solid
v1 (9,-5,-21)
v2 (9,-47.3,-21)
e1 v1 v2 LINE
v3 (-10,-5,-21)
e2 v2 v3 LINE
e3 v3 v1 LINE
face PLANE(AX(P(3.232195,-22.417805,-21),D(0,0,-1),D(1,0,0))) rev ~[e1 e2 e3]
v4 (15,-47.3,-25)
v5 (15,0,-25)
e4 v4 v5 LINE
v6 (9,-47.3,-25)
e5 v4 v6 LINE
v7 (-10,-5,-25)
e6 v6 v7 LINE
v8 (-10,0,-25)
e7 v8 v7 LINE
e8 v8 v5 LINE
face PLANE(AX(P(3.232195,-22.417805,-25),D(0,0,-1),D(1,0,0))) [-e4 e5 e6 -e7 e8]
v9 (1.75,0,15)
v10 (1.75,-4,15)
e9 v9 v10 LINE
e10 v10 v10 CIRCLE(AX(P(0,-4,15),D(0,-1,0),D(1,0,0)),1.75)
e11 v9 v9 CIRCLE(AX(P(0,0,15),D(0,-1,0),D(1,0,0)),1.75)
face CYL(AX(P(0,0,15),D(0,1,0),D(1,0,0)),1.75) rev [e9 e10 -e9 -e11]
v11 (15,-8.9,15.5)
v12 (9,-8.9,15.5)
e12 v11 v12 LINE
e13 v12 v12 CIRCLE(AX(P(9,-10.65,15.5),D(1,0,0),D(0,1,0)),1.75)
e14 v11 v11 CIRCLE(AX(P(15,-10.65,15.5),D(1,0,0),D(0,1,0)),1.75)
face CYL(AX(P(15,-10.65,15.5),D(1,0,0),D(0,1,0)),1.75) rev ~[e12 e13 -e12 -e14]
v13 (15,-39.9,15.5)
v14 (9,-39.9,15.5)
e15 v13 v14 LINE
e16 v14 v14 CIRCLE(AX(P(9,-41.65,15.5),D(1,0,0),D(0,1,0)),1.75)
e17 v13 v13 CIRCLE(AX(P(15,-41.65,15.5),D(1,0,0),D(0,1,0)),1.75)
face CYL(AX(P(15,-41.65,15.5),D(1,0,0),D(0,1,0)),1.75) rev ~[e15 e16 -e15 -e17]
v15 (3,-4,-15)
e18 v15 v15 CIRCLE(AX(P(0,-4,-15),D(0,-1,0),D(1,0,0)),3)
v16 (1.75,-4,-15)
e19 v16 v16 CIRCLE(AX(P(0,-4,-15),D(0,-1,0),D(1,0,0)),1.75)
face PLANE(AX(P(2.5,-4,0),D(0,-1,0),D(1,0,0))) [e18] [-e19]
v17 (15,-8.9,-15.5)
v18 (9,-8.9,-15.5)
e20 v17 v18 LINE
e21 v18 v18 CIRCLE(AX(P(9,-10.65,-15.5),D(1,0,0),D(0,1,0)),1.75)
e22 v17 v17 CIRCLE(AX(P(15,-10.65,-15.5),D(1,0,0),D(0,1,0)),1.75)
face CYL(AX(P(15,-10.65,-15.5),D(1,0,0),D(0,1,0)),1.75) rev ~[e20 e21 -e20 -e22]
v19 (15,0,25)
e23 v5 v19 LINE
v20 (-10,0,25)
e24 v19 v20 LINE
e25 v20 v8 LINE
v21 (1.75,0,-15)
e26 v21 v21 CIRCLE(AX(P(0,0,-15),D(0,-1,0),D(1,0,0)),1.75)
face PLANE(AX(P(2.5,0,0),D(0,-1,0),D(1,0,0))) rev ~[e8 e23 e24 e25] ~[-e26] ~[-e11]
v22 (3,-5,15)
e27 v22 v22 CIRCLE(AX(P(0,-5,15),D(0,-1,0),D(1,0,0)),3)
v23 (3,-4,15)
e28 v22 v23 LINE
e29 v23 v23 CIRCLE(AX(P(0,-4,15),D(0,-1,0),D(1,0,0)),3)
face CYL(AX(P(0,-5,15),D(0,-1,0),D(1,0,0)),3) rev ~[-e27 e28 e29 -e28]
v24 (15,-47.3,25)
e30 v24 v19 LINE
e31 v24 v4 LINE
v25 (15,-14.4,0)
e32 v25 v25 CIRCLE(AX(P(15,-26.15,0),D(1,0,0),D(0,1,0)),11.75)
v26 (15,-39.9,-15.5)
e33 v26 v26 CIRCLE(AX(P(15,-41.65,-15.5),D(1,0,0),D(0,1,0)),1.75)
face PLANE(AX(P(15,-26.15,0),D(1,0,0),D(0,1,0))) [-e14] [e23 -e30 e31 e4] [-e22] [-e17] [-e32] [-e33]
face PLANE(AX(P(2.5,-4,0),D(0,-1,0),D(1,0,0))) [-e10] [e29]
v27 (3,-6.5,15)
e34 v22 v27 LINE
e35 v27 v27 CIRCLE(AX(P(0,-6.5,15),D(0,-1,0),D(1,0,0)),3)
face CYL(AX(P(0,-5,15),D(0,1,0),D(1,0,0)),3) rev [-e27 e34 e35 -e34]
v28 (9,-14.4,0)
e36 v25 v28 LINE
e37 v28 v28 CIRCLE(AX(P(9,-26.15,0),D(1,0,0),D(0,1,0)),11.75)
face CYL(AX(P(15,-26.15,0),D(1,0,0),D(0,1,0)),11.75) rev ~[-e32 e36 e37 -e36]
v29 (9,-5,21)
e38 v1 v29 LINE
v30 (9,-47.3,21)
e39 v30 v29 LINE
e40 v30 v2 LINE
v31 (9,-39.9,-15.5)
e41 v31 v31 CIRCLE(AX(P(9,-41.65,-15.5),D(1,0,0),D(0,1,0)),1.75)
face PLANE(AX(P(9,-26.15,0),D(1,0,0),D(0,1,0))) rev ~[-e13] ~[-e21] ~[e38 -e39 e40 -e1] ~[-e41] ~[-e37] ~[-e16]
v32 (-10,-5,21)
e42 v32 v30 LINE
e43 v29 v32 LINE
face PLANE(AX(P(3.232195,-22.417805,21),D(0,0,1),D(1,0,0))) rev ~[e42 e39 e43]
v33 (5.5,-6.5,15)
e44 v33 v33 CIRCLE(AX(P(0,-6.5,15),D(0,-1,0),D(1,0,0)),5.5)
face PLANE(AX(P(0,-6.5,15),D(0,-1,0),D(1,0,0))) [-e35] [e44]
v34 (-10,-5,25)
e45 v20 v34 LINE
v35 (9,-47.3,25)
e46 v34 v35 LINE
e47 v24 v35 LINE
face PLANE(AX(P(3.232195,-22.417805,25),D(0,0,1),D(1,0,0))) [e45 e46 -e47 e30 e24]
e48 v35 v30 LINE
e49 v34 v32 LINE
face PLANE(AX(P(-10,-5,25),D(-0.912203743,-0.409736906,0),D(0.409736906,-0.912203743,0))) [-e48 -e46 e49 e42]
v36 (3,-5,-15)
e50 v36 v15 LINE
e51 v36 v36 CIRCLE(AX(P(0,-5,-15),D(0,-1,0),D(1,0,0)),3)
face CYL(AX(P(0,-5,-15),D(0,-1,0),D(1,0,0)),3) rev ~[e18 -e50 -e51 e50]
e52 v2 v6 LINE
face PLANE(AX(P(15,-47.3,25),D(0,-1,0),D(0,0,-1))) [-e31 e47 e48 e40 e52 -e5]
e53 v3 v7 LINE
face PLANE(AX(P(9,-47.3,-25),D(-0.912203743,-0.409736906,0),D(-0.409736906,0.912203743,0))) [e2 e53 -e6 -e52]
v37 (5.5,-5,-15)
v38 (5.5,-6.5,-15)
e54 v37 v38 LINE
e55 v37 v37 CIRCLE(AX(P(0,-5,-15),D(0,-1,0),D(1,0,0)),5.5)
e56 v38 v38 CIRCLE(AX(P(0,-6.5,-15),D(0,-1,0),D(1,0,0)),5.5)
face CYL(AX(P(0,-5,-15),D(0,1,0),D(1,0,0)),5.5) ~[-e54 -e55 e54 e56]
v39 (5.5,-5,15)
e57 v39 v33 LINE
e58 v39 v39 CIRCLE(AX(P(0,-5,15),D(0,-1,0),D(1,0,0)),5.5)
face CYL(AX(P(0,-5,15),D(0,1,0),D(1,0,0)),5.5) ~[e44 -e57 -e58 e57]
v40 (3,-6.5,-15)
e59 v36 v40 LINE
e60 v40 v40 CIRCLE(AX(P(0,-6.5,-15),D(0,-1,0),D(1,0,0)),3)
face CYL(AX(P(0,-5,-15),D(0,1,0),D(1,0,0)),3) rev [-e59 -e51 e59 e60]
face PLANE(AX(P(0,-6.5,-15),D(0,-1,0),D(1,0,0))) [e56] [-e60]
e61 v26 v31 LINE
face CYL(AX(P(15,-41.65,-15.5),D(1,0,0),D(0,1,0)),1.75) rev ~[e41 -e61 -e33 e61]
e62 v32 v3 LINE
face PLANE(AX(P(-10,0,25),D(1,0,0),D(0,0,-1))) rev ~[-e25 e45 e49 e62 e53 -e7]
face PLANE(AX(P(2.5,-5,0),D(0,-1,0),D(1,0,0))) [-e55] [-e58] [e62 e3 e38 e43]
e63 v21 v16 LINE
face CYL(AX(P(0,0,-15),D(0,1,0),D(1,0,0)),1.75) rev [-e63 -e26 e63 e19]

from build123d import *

# Parameters (mm, degrees)
F0_R      = 1.75
F1_DEPTH  = 5
F2_R      = 1.75
F2_R_2    = 11.75
F3_DEPTH  = 6
F5_DEPTH  = 4
F7_DEPTH  = 4
F8_R      = 5.5
F8_R_2    = 3
F9_DEPTH  = 1.5
F10_DEPTH = 1


with BuildPart() as f1:
    # F0 (on Front) → F1 (new body)
    with BuildSketch(Plane.XZ):
        Polygon((15, 25), (-10, 25), (-10, 0), (-10, -25), (15, -25), align=None)
        with Locations((0, -15)):
            Circle(F0_R, mode=Mode.SUBTRACT)
        with Locations((0, 15)):
            Circle(F0_R, mode=Mode.SUBTRACT)
    extrude(amount=F1_DEPTH)

    # F2 (on face) → F3 (join)
    with BuildSketch(Plane.YZ.offset(15)):
        Polygon((-5, 25), (-47.3, 25), (-47.3, -25), (-5, -25), (-5, 0), align=None)
        with Locations((-41.65, -15.5)):
            Circle(F2_R, mode=Mode.SUBTRACT)
        with Locations((-10.65, -15.5)):
            Circle(F2_R, mode=Mode.SUBTRACT)
        with Locations((-41.65, 15.5)):
            Circle(F2_R, mode=Mode.SUBTRACT)
        with Locations((-26.15, 0)):
            Circle(F2_R_2, mode=Mode.SUBTRACT)
        with Locations((-10.65, 15.5)):
            Circle(F2_R, mode=Mode.SUBTRACT)
    extrude(amount=-F3_DEPTH)

    # F4 (on face) → F5 (join)
    with BuildSketch(Plane(origin=(0, 0, -25), x_dir=(1, 0, 0), z_dir=(0, 0, -1))):
        Polygon((9, 47.3), (-10, 5), (9, 5), align=None)
    extrude(amount=-F5_DEPTH)

    # F6 (on face) → F7 (join)
    with BuildSketch(Plane.XY.offset(25)):
        Polygon((-10, -5), (9, -47.3), (9, -5), align=None)
    extrude(amount=-F7_DEPTH)

    # F8 (on face) → F9 (join)
    with BuildSketch(Plane.XZ.offset(5)):
        with Locations((0, 15)):
            Circle(F8_R)
        with Locations((0, 15)):
            Circle(F8_R_2, mode=Mode.SUBTRACT)
        with Locations((0, -15)):
            Circle(F8_R)
        with Locations((0, -15)):
            Circle(F8_R_2, mode=Mode.SUBTRACT)
    extrude(amount=F9_DEPTH)

    # F10 (cut): faces of the model
    f10_faces = [f1.faces().sort_by_distance(p)[0] for p in [
        (-2.9151471863, -5, 15),
        (-2.9151471863, -5, -15),
    ]]
    extrude(f10_faces, amount=-F10_DEPTH, mode=Mode.SUBTRACT)


solid = f1.part
